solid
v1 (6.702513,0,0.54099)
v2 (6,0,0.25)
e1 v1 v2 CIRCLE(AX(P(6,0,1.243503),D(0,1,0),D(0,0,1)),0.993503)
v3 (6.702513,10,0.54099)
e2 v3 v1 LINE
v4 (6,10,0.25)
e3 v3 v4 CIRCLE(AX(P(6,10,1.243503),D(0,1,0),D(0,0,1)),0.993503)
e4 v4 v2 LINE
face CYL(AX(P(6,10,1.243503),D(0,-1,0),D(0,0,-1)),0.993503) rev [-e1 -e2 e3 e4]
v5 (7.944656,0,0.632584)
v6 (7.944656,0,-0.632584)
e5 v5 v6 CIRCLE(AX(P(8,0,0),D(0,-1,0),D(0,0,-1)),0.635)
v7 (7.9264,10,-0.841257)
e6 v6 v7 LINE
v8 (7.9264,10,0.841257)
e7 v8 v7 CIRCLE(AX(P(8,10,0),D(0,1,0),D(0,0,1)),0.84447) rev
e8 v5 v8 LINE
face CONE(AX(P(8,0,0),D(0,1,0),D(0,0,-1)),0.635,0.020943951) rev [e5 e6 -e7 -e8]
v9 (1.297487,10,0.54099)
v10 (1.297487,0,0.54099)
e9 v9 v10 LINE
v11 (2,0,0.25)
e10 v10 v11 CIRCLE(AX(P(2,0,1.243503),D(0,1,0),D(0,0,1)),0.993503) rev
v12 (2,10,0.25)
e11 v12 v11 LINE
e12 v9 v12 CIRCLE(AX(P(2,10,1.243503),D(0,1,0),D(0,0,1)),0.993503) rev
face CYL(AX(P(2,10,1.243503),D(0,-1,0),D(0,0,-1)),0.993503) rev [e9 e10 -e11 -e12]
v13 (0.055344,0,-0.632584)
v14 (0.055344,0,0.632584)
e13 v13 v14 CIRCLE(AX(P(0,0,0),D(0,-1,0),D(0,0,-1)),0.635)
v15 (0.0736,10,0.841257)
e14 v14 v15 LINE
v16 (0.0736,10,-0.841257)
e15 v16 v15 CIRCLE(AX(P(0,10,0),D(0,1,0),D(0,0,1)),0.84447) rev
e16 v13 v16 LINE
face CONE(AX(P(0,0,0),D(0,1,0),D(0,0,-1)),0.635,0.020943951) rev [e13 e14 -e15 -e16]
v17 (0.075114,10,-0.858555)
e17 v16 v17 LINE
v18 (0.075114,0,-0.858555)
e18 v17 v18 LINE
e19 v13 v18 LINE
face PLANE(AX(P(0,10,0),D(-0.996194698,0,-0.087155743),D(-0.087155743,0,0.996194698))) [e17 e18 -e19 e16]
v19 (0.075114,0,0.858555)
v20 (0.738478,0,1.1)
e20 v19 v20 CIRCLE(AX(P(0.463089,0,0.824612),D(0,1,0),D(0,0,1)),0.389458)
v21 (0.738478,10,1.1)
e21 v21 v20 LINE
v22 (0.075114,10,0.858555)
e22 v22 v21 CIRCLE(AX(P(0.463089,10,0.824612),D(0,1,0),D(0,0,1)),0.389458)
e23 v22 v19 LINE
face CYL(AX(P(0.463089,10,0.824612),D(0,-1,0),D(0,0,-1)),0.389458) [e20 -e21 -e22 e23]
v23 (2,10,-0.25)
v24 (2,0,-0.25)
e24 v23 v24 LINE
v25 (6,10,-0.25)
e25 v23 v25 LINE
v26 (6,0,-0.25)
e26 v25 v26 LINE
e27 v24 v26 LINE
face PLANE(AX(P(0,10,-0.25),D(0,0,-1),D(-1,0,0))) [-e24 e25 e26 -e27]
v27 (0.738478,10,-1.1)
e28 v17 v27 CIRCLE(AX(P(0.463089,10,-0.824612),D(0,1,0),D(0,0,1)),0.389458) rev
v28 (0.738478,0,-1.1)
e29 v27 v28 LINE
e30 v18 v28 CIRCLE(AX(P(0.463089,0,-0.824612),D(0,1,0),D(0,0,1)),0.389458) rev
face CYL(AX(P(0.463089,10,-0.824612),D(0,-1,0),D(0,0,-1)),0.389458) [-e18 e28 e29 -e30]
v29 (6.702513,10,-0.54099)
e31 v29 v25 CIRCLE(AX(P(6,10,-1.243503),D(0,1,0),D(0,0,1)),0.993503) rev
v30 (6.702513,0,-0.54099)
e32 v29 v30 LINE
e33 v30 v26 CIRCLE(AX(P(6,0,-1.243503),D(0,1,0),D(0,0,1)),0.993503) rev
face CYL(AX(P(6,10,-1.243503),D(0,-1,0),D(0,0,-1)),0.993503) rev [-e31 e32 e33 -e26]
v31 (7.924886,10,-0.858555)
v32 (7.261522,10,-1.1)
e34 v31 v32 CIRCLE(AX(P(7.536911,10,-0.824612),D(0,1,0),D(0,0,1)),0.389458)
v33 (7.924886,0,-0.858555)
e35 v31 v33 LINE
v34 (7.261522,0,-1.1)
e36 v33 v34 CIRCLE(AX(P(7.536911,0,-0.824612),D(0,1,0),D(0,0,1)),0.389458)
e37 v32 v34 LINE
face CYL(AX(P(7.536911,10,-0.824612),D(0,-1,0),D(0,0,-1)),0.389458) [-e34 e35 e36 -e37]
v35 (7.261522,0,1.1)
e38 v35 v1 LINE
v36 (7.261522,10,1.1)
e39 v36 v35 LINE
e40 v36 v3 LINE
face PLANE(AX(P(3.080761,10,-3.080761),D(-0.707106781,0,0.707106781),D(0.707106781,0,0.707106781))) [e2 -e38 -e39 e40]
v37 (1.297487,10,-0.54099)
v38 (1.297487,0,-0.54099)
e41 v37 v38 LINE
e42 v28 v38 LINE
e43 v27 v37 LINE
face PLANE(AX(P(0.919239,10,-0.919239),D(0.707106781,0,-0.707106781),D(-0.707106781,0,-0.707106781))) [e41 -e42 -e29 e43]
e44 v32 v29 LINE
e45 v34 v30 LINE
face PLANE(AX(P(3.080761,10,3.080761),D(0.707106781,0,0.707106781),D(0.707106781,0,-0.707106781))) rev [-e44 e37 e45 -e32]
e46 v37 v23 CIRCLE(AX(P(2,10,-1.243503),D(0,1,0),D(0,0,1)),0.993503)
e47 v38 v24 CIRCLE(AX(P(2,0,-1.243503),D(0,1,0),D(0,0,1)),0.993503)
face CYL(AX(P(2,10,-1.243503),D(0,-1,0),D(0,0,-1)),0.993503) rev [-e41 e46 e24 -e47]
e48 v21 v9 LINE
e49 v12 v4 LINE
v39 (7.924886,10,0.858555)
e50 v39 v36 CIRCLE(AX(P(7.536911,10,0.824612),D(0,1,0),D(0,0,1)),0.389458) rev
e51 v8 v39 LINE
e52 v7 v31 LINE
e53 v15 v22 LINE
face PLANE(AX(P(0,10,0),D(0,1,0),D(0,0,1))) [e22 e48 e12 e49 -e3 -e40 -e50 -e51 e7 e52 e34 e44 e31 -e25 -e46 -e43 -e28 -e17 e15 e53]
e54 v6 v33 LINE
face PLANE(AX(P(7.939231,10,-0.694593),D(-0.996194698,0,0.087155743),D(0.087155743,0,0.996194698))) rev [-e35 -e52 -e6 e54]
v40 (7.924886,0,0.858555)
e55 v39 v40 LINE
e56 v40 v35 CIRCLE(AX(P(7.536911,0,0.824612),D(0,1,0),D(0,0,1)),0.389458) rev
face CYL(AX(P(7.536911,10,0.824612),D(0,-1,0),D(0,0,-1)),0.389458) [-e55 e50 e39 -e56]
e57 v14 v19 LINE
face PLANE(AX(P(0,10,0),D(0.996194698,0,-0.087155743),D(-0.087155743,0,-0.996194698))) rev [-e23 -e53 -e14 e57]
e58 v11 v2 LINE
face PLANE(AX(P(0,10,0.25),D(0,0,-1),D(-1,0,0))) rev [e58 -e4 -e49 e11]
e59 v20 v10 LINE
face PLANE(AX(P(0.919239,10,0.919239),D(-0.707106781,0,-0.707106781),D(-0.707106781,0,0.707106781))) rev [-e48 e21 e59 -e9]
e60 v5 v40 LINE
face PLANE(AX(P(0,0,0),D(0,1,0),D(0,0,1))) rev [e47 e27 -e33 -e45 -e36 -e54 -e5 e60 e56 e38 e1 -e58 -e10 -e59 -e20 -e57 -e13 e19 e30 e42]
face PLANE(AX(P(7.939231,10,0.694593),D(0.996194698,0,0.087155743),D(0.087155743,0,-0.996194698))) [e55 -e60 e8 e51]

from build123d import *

# Parameters (mm, degrees)
BOSS_EXTRUDE2_DEPTH          = 10
SKETCH5_R                    = 0.635
CUT_EXTRUDE1_DEPTH           = 10
CUT_EXTRUDE1_DRAFT           = 1.2
CUT_EXTRUDE1_PROFILE_2_DEPTH = 10
CUT_EXTRUDE1_PROFILE_2_DRAFT = 1.2


with BuildPart() as part:
    # Sketch2 → Boss-Extrude2 (new body)
    with BuildSketch(Plane(origin=(0, 0, 0), x_dir=(1, 0, 0), z_dir=(0, 1, 0))):
        with BuildLine():
            Line((0.055343897, 0.632583633), (0.075113859, 0.858555332))
            ThreePointArc((0.075113859, 0.858555332), (0.329887136, 1.190582332), (0.738477631, 1.1))
            Line((0.738477631, 1.1), (1.297487373, 0.540990258))
            ThreePointArc((1.297487373, 0.540990258), (1.619802906, 0.325625904), (2, 0.25))
            Line((2, 0.25), (6, 0.25))
            ThreePointArc((6, 0.25), (6.380197094, 0.325625904), (6.702512627, 0.540990258))
            Line((6.702512627, 0.540990258), (7.261522369, 1.1))
            ThreePointArc((7.261522369, 1.1), (7.670112864, 1.190582332), (7.924886141, 0.858555332))
            Line((7.924886141, 0.858555332), (7.944656103, 0.632583633))
            Line((7.944656103, 0.632583633), (7.944656103, -0.632583633))
            Line((7.944656103, -0.632583633), (7.924886141, -0.858555332))
            ThreePointArc((7.924886141, -0.858555332), (7.670112864, -1.190582332), (7.261522369, -1.1))
            Line((7.261522369, -1.1), (6.702512627, -0.540990258))
            ThreePointArc((6.702512627, -0.540990258), (6.380197094, -0.325625904), (6, -0.25))
            Line((6, -0.25), (2, -0.25))
            ThreePointArc((2, -0.25), (1.619802906, -0.325625904), (1.297487373, -0.540990258))
            Line((1.297487373, -0.540990258), (0.738477631, -1.1))
            ThreePointArc((0.738477631, -1.1), (0.329887136, -1.190582332), (0.075113859, -0.858555332))
            Line((0.075113859, -0.858555332), (0.055343897, -0.632583633))
            Line((0.055343897, -0.632583633), (0.055343897, 0.632583633))
        make_face()
    extrude(amount=BOSS_EXTRUDE2_DEPTH)


with BuildPart() as cut_extrude1_tool:
    # Sketch5 → Cut-Extrude1 (with draft: the straight prism first)
    with BuildSketch(Plane.XZ):
        Circle(SKETCH5_R)
    extrude(amount=-CUT_EXTRUDE1_DEPTH)
    # Cut-Extrude1: the draft: its side faces are tilted about the plane it starts from
    cut_extrude1_sides = [cut_extrude1_tool.faces().sort_by_distance(p)[0] for p in [
        (-0.635, 5, 0),
    ]]
    draft(cut_extrude1_sides, Plane.XZ, CUT_EXTRUDE1_DRAFT)


with BuildPart() as part_1:
    add(part.part)

    # Cut-Extrude1: cut by cut_extrude1_tool
    add(cut_extrude1_tool.part, mode=Mode.SUBTRACT)


with BuildPart() as cut_extrude1_profile_2_tool:
    # Sketch5 → Cut-Extrude1 profile 2 (with draft: the straight prism first)
    with BuildSketch(Plane.XZ):
        with Locations((8, 0)):
            Circle(SKETCH5_R)
    extrude(amount=-CUT_EXTRUDE1_PROFILE_2_DEPTH)
    # Cut-Extrude1 profile 2: the draft: its side faces are tilted about the plane it starts from
    cut_extrude1_profile_2_sides = [cut_extrude1_profile_2_tool.faces().sort_by_distance(p)[0] for p in [
        (7.365, 5, 0),
    ]]
    draft(cut_extrude1_profile_2_sides, Plane.XZ, CUT_EXTRUDE1_PROFILE_2_DRAFT)


with BuildPart() as part_2:
    add(part_1.part)

    # Cut-Extrude1 profile 2: cut by cut_extrude1_profile_2_tool
    add(cut_extrude1_profile_2_tool.part, mode=Mode.SUBTRACT)


solid = part_2.part
